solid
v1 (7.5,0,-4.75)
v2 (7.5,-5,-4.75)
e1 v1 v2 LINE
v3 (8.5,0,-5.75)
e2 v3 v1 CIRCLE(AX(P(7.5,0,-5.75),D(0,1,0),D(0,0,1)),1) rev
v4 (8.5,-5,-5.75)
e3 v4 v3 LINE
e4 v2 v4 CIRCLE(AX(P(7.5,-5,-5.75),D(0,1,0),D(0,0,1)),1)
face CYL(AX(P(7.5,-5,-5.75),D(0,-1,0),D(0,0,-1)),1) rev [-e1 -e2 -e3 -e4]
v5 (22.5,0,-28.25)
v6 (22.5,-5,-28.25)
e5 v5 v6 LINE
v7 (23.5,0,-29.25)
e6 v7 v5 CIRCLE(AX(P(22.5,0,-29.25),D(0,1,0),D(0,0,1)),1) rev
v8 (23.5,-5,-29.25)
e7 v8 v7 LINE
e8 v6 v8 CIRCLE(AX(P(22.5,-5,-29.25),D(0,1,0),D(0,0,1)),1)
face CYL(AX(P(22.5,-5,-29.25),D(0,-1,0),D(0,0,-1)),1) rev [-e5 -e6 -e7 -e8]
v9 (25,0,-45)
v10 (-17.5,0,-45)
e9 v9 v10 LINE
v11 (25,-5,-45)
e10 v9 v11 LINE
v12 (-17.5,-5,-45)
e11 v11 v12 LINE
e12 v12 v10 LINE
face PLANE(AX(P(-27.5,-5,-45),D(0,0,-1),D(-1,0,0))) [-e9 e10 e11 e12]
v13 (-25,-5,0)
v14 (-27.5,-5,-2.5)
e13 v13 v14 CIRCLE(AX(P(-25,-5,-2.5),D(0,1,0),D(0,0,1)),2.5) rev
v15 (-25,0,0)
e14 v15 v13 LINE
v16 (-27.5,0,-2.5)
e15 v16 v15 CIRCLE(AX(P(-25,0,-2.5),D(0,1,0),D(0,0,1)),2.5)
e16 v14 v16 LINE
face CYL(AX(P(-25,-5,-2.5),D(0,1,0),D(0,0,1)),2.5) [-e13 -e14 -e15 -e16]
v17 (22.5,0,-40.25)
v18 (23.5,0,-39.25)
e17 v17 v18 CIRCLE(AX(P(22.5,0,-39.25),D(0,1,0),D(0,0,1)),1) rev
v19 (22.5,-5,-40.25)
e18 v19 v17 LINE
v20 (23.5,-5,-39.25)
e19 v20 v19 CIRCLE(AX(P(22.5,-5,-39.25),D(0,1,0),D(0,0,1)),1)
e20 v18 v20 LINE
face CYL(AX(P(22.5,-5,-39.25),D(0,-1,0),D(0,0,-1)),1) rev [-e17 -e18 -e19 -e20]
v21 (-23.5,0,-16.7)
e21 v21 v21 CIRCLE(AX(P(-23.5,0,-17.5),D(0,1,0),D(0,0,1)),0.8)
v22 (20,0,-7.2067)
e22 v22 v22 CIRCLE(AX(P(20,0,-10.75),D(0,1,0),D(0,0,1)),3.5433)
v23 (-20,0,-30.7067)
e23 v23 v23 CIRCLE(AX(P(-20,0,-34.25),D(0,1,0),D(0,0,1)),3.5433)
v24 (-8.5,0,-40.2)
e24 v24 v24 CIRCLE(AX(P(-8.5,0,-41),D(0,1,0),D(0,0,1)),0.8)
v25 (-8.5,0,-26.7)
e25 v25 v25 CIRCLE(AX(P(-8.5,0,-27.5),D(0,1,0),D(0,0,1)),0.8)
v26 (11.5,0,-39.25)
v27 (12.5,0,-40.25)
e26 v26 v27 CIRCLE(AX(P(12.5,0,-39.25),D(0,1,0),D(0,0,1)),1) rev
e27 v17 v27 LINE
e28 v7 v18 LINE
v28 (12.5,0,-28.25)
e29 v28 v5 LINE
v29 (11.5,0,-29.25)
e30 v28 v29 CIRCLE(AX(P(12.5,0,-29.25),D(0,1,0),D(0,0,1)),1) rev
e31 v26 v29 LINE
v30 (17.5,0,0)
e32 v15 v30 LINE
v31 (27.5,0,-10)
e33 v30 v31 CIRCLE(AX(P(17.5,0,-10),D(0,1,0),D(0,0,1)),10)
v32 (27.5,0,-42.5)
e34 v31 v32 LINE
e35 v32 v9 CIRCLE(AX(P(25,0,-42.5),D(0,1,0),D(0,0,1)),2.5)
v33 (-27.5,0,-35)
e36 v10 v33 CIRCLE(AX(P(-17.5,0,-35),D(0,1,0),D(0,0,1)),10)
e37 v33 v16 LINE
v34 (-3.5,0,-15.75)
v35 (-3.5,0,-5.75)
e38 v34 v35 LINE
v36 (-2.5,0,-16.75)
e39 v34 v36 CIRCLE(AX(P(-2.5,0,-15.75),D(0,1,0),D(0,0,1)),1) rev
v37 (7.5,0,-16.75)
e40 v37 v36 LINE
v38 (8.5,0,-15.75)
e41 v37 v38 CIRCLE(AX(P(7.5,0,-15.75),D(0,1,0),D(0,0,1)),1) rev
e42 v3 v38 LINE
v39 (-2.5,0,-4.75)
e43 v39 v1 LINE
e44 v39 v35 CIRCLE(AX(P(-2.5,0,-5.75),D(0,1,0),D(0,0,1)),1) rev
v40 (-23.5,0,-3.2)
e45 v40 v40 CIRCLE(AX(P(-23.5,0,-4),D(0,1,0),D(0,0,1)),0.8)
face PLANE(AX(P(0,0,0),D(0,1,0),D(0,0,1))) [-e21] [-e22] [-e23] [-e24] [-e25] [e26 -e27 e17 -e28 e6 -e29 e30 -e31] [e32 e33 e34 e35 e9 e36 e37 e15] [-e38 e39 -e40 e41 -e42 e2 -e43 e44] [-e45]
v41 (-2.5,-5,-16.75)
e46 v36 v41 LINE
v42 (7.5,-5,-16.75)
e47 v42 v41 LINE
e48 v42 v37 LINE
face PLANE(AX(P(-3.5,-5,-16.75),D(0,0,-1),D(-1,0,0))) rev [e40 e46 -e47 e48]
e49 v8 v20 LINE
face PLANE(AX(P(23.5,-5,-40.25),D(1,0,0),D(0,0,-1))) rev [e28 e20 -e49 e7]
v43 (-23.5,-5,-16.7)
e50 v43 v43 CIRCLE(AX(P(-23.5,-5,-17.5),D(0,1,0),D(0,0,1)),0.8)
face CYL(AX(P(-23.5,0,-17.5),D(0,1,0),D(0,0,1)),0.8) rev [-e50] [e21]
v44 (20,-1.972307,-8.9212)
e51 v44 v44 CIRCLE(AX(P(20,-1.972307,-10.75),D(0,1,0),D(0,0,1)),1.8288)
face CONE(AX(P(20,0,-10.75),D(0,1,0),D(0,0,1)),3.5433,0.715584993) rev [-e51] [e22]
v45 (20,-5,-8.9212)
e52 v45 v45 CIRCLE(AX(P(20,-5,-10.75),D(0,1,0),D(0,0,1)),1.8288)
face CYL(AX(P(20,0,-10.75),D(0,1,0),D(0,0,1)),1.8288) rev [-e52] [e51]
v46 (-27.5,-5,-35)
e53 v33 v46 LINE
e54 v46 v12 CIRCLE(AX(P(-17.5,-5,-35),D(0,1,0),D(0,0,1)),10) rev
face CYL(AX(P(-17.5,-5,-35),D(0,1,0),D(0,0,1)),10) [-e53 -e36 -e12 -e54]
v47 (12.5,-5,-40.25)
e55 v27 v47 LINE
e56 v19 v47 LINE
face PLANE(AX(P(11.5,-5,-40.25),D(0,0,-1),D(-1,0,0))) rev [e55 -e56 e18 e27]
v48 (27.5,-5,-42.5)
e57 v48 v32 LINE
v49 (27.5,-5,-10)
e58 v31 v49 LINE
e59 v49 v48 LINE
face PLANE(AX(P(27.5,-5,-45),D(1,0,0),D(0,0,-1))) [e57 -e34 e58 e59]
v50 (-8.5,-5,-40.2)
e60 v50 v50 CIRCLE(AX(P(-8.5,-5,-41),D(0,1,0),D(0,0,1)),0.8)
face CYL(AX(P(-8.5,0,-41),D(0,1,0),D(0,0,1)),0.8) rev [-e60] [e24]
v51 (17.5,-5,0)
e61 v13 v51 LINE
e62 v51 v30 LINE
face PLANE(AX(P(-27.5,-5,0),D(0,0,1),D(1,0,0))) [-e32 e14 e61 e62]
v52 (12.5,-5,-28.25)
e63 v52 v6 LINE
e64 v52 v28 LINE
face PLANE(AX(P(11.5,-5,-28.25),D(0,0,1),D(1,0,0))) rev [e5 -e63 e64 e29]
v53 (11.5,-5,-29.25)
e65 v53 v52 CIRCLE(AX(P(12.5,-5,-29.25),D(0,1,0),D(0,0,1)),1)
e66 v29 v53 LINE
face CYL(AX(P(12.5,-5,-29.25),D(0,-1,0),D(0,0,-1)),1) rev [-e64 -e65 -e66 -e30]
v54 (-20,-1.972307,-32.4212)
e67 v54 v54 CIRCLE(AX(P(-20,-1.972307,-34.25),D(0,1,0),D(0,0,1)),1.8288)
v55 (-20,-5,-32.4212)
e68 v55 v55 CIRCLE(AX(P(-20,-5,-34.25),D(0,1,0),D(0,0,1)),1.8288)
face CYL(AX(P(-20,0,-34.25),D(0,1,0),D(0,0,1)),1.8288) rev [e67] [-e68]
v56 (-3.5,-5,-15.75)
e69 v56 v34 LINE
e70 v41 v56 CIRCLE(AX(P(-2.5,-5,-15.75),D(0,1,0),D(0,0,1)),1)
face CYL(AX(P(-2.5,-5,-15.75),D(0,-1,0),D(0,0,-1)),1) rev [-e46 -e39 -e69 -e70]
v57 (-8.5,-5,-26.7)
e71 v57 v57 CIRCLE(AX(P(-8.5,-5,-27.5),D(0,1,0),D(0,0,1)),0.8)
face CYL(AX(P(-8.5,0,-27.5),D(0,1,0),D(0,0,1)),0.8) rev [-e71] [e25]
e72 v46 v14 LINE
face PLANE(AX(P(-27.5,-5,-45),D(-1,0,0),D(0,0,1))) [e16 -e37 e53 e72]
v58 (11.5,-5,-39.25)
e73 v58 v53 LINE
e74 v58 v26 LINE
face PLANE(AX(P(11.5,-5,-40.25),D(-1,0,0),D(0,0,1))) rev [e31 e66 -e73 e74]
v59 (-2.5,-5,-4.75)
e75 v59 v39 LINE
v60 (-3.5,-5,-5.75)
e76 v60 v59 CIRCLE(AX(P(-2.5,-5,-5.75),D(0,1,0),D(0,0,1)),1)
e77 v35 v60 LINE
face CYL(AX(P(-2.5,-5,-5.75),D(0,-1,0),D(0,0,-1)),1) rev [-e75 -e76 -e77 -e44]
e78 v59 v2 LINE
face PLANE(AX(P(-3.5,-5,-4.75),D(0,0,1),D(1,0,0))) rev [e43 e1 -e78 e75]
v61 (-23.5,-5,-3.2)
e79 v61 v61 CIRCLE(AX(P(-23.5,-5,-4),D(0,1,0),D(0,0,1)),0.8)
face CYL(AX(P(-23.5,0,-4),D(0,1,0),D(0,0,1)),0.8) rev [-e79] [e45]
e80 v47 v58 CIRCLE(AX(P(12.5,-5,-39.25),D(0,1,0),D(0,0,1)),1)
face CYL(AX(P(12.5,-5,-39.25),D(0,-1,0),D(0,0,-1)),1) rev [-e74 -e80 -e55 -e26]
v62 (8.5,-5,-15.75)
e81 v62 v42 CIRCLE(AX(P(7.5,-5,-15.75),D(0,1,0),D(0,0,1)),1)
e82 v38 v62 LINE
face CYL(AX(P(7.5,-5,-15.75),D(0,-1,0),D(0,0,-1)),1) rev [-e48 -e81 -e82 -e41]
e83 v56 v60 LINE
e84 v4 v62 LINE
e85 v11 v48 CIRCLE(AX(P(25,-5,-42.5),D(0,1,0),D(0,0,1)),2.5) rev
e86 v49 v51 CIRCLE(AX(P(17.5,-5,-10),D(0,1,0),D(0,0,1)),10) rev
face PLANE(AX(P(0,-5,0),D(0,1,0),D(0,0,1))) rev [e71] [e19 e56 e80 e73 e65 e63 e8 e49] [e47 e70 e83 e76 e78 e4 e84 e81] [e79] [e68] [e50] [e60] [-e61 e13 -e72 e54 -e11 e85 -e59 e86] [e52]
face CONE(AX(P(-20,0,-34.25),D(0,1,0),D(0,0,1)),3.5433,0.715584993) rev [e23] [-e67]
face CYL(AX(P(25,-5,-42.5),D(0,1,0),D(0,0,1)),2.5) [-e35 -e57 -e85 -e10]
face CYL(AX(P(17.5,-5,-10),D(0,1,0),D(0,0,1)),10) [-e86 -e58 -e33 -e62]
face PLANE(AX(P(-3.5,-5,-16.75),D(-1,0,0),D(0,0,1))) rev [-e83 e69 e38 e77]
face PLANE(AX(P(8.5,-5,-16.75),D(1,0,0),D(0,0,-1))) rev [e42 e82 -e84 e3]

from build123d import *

# Parameters (mm, degrees)
BASE_SKETCH_W               = 55
BASE_SKETCH_H               = 45
BASE_EXTRUDE_DEPTH          = 5
MOSFET_MOUNTING_HOLES_D     = 1.6
MOUNTING_HOLES_D            = 3.6576
MOUNTING_HOLES_CSINK_D      = 7.0866
MOUNTING_HOLES_CSINK_ANGLE  = 82
PIN_RELIEF_SKETCH_W         = 12
PIN_RELIEF_SKETCH_H         = 12
CUT_TERMAL_PIN_RELIEF_DEPTH = 53.974050251
FILLET1_R                   = 10
FILLET2_R                   = 2.5
FILLET3_R                   = 1


with BuildPart() as part:
    # Base Sketch → Base Extrude (new body)
    with BuildSketch(Plane(origin=(0, 0, 0), x_dir=(1, 0, 0), z_dir=(0, 1, 0))):
        with Locations((0, 22.5)):
            Rectangle(BASE_SKETCH_W, BASE_SKETCH_H)
    extrude(amount=-BASE_EXTRUDE_DEPTH)

    # Mosfet Mounting Holes (through all)
    with Locations(Plane(origin=(0, 0, 0), x_dir=(1, 0, 0), z_dir=(0, 1, 0))):
        with Locations((-23.5, 4), (-23.5, 17.5), (-8.5, 27.5), (-8.5, 41)):
            Hole(MOSFET_MOUNTING_HOLES_D / 2)

    # Mounting Holes (through all)
    with Locations(Plane(origin=(0, 0, 0), x_dir=(1, 0, 0), z_dir=(0, 1, 0))):
        with Locations((-20, 34.25), (20, 10.75)):
            CounterSinkHole(MOUNTING_HOLES_D / 2, MOUNTING_HOLES_CSINK_D / 2, counter_sink_angle=MOUNTING_HOLES_CSINK_ANGLE)

    # Pin Relief Sketch → Cut Termal Pin Relief (cut, through all)
    with BuildSketch(Plane(origin=(0, 0, 0), x_dir=(1, 0, 0), z_dir=(0, 1, 0))):
        with Locations((2.5, 10.75)):
            Rectangle(PIN_RELIEF_SKETCH_W, PIN_RELIEF_SKETCH_H)
        with Locations((17.5, 34.25)):
            Rectangle(PIN_RELIEF_SKETCH_W, PIN_RELIEF_SKETCH_H)
    extrude(amount=-CUT_TERMAL_PIN_RELIEF_DEPTH, mode=Mode.SUBTRACT)

    # Fillet1
    fillet1_edges = [part.edges().sort_by_distance(p)[0] for p in [
        (-27.5, -2.5, -45),
        (27.5, -2.5, 0),
    ]]
    fillet(fillet1_edges, radius=FILLET1_R)

    # Fillet2
    fillet2_edges = [part.edges().sort_by_distance(p)[0] for p in [
        (27.5, -2.5, -45),
        (-27.5, -2.5, 0),
    ]]
    fillet(fillet2_edges, radius=FILLET2_R)

    # Fillet3
    fillet3_edges = [part.edges().sort_by_distance(p)[0] for p in [
        (-3.5, -2.5, -4.75),
        (-3.5, -2.5, -16.75),
        (8.5, -2.5, -16.75),
        (8.5, -2.5, -4.75),
        (11.5, -2.5, -28.25),
        (11.5, -2.5, -40.25),
        (23.5, -2.5, -40.25),
        (23.5, -2.5, -28.25),
    ]]
    fillet(fillet3_edges, radius=FILLET3_R)


solid = part.part
